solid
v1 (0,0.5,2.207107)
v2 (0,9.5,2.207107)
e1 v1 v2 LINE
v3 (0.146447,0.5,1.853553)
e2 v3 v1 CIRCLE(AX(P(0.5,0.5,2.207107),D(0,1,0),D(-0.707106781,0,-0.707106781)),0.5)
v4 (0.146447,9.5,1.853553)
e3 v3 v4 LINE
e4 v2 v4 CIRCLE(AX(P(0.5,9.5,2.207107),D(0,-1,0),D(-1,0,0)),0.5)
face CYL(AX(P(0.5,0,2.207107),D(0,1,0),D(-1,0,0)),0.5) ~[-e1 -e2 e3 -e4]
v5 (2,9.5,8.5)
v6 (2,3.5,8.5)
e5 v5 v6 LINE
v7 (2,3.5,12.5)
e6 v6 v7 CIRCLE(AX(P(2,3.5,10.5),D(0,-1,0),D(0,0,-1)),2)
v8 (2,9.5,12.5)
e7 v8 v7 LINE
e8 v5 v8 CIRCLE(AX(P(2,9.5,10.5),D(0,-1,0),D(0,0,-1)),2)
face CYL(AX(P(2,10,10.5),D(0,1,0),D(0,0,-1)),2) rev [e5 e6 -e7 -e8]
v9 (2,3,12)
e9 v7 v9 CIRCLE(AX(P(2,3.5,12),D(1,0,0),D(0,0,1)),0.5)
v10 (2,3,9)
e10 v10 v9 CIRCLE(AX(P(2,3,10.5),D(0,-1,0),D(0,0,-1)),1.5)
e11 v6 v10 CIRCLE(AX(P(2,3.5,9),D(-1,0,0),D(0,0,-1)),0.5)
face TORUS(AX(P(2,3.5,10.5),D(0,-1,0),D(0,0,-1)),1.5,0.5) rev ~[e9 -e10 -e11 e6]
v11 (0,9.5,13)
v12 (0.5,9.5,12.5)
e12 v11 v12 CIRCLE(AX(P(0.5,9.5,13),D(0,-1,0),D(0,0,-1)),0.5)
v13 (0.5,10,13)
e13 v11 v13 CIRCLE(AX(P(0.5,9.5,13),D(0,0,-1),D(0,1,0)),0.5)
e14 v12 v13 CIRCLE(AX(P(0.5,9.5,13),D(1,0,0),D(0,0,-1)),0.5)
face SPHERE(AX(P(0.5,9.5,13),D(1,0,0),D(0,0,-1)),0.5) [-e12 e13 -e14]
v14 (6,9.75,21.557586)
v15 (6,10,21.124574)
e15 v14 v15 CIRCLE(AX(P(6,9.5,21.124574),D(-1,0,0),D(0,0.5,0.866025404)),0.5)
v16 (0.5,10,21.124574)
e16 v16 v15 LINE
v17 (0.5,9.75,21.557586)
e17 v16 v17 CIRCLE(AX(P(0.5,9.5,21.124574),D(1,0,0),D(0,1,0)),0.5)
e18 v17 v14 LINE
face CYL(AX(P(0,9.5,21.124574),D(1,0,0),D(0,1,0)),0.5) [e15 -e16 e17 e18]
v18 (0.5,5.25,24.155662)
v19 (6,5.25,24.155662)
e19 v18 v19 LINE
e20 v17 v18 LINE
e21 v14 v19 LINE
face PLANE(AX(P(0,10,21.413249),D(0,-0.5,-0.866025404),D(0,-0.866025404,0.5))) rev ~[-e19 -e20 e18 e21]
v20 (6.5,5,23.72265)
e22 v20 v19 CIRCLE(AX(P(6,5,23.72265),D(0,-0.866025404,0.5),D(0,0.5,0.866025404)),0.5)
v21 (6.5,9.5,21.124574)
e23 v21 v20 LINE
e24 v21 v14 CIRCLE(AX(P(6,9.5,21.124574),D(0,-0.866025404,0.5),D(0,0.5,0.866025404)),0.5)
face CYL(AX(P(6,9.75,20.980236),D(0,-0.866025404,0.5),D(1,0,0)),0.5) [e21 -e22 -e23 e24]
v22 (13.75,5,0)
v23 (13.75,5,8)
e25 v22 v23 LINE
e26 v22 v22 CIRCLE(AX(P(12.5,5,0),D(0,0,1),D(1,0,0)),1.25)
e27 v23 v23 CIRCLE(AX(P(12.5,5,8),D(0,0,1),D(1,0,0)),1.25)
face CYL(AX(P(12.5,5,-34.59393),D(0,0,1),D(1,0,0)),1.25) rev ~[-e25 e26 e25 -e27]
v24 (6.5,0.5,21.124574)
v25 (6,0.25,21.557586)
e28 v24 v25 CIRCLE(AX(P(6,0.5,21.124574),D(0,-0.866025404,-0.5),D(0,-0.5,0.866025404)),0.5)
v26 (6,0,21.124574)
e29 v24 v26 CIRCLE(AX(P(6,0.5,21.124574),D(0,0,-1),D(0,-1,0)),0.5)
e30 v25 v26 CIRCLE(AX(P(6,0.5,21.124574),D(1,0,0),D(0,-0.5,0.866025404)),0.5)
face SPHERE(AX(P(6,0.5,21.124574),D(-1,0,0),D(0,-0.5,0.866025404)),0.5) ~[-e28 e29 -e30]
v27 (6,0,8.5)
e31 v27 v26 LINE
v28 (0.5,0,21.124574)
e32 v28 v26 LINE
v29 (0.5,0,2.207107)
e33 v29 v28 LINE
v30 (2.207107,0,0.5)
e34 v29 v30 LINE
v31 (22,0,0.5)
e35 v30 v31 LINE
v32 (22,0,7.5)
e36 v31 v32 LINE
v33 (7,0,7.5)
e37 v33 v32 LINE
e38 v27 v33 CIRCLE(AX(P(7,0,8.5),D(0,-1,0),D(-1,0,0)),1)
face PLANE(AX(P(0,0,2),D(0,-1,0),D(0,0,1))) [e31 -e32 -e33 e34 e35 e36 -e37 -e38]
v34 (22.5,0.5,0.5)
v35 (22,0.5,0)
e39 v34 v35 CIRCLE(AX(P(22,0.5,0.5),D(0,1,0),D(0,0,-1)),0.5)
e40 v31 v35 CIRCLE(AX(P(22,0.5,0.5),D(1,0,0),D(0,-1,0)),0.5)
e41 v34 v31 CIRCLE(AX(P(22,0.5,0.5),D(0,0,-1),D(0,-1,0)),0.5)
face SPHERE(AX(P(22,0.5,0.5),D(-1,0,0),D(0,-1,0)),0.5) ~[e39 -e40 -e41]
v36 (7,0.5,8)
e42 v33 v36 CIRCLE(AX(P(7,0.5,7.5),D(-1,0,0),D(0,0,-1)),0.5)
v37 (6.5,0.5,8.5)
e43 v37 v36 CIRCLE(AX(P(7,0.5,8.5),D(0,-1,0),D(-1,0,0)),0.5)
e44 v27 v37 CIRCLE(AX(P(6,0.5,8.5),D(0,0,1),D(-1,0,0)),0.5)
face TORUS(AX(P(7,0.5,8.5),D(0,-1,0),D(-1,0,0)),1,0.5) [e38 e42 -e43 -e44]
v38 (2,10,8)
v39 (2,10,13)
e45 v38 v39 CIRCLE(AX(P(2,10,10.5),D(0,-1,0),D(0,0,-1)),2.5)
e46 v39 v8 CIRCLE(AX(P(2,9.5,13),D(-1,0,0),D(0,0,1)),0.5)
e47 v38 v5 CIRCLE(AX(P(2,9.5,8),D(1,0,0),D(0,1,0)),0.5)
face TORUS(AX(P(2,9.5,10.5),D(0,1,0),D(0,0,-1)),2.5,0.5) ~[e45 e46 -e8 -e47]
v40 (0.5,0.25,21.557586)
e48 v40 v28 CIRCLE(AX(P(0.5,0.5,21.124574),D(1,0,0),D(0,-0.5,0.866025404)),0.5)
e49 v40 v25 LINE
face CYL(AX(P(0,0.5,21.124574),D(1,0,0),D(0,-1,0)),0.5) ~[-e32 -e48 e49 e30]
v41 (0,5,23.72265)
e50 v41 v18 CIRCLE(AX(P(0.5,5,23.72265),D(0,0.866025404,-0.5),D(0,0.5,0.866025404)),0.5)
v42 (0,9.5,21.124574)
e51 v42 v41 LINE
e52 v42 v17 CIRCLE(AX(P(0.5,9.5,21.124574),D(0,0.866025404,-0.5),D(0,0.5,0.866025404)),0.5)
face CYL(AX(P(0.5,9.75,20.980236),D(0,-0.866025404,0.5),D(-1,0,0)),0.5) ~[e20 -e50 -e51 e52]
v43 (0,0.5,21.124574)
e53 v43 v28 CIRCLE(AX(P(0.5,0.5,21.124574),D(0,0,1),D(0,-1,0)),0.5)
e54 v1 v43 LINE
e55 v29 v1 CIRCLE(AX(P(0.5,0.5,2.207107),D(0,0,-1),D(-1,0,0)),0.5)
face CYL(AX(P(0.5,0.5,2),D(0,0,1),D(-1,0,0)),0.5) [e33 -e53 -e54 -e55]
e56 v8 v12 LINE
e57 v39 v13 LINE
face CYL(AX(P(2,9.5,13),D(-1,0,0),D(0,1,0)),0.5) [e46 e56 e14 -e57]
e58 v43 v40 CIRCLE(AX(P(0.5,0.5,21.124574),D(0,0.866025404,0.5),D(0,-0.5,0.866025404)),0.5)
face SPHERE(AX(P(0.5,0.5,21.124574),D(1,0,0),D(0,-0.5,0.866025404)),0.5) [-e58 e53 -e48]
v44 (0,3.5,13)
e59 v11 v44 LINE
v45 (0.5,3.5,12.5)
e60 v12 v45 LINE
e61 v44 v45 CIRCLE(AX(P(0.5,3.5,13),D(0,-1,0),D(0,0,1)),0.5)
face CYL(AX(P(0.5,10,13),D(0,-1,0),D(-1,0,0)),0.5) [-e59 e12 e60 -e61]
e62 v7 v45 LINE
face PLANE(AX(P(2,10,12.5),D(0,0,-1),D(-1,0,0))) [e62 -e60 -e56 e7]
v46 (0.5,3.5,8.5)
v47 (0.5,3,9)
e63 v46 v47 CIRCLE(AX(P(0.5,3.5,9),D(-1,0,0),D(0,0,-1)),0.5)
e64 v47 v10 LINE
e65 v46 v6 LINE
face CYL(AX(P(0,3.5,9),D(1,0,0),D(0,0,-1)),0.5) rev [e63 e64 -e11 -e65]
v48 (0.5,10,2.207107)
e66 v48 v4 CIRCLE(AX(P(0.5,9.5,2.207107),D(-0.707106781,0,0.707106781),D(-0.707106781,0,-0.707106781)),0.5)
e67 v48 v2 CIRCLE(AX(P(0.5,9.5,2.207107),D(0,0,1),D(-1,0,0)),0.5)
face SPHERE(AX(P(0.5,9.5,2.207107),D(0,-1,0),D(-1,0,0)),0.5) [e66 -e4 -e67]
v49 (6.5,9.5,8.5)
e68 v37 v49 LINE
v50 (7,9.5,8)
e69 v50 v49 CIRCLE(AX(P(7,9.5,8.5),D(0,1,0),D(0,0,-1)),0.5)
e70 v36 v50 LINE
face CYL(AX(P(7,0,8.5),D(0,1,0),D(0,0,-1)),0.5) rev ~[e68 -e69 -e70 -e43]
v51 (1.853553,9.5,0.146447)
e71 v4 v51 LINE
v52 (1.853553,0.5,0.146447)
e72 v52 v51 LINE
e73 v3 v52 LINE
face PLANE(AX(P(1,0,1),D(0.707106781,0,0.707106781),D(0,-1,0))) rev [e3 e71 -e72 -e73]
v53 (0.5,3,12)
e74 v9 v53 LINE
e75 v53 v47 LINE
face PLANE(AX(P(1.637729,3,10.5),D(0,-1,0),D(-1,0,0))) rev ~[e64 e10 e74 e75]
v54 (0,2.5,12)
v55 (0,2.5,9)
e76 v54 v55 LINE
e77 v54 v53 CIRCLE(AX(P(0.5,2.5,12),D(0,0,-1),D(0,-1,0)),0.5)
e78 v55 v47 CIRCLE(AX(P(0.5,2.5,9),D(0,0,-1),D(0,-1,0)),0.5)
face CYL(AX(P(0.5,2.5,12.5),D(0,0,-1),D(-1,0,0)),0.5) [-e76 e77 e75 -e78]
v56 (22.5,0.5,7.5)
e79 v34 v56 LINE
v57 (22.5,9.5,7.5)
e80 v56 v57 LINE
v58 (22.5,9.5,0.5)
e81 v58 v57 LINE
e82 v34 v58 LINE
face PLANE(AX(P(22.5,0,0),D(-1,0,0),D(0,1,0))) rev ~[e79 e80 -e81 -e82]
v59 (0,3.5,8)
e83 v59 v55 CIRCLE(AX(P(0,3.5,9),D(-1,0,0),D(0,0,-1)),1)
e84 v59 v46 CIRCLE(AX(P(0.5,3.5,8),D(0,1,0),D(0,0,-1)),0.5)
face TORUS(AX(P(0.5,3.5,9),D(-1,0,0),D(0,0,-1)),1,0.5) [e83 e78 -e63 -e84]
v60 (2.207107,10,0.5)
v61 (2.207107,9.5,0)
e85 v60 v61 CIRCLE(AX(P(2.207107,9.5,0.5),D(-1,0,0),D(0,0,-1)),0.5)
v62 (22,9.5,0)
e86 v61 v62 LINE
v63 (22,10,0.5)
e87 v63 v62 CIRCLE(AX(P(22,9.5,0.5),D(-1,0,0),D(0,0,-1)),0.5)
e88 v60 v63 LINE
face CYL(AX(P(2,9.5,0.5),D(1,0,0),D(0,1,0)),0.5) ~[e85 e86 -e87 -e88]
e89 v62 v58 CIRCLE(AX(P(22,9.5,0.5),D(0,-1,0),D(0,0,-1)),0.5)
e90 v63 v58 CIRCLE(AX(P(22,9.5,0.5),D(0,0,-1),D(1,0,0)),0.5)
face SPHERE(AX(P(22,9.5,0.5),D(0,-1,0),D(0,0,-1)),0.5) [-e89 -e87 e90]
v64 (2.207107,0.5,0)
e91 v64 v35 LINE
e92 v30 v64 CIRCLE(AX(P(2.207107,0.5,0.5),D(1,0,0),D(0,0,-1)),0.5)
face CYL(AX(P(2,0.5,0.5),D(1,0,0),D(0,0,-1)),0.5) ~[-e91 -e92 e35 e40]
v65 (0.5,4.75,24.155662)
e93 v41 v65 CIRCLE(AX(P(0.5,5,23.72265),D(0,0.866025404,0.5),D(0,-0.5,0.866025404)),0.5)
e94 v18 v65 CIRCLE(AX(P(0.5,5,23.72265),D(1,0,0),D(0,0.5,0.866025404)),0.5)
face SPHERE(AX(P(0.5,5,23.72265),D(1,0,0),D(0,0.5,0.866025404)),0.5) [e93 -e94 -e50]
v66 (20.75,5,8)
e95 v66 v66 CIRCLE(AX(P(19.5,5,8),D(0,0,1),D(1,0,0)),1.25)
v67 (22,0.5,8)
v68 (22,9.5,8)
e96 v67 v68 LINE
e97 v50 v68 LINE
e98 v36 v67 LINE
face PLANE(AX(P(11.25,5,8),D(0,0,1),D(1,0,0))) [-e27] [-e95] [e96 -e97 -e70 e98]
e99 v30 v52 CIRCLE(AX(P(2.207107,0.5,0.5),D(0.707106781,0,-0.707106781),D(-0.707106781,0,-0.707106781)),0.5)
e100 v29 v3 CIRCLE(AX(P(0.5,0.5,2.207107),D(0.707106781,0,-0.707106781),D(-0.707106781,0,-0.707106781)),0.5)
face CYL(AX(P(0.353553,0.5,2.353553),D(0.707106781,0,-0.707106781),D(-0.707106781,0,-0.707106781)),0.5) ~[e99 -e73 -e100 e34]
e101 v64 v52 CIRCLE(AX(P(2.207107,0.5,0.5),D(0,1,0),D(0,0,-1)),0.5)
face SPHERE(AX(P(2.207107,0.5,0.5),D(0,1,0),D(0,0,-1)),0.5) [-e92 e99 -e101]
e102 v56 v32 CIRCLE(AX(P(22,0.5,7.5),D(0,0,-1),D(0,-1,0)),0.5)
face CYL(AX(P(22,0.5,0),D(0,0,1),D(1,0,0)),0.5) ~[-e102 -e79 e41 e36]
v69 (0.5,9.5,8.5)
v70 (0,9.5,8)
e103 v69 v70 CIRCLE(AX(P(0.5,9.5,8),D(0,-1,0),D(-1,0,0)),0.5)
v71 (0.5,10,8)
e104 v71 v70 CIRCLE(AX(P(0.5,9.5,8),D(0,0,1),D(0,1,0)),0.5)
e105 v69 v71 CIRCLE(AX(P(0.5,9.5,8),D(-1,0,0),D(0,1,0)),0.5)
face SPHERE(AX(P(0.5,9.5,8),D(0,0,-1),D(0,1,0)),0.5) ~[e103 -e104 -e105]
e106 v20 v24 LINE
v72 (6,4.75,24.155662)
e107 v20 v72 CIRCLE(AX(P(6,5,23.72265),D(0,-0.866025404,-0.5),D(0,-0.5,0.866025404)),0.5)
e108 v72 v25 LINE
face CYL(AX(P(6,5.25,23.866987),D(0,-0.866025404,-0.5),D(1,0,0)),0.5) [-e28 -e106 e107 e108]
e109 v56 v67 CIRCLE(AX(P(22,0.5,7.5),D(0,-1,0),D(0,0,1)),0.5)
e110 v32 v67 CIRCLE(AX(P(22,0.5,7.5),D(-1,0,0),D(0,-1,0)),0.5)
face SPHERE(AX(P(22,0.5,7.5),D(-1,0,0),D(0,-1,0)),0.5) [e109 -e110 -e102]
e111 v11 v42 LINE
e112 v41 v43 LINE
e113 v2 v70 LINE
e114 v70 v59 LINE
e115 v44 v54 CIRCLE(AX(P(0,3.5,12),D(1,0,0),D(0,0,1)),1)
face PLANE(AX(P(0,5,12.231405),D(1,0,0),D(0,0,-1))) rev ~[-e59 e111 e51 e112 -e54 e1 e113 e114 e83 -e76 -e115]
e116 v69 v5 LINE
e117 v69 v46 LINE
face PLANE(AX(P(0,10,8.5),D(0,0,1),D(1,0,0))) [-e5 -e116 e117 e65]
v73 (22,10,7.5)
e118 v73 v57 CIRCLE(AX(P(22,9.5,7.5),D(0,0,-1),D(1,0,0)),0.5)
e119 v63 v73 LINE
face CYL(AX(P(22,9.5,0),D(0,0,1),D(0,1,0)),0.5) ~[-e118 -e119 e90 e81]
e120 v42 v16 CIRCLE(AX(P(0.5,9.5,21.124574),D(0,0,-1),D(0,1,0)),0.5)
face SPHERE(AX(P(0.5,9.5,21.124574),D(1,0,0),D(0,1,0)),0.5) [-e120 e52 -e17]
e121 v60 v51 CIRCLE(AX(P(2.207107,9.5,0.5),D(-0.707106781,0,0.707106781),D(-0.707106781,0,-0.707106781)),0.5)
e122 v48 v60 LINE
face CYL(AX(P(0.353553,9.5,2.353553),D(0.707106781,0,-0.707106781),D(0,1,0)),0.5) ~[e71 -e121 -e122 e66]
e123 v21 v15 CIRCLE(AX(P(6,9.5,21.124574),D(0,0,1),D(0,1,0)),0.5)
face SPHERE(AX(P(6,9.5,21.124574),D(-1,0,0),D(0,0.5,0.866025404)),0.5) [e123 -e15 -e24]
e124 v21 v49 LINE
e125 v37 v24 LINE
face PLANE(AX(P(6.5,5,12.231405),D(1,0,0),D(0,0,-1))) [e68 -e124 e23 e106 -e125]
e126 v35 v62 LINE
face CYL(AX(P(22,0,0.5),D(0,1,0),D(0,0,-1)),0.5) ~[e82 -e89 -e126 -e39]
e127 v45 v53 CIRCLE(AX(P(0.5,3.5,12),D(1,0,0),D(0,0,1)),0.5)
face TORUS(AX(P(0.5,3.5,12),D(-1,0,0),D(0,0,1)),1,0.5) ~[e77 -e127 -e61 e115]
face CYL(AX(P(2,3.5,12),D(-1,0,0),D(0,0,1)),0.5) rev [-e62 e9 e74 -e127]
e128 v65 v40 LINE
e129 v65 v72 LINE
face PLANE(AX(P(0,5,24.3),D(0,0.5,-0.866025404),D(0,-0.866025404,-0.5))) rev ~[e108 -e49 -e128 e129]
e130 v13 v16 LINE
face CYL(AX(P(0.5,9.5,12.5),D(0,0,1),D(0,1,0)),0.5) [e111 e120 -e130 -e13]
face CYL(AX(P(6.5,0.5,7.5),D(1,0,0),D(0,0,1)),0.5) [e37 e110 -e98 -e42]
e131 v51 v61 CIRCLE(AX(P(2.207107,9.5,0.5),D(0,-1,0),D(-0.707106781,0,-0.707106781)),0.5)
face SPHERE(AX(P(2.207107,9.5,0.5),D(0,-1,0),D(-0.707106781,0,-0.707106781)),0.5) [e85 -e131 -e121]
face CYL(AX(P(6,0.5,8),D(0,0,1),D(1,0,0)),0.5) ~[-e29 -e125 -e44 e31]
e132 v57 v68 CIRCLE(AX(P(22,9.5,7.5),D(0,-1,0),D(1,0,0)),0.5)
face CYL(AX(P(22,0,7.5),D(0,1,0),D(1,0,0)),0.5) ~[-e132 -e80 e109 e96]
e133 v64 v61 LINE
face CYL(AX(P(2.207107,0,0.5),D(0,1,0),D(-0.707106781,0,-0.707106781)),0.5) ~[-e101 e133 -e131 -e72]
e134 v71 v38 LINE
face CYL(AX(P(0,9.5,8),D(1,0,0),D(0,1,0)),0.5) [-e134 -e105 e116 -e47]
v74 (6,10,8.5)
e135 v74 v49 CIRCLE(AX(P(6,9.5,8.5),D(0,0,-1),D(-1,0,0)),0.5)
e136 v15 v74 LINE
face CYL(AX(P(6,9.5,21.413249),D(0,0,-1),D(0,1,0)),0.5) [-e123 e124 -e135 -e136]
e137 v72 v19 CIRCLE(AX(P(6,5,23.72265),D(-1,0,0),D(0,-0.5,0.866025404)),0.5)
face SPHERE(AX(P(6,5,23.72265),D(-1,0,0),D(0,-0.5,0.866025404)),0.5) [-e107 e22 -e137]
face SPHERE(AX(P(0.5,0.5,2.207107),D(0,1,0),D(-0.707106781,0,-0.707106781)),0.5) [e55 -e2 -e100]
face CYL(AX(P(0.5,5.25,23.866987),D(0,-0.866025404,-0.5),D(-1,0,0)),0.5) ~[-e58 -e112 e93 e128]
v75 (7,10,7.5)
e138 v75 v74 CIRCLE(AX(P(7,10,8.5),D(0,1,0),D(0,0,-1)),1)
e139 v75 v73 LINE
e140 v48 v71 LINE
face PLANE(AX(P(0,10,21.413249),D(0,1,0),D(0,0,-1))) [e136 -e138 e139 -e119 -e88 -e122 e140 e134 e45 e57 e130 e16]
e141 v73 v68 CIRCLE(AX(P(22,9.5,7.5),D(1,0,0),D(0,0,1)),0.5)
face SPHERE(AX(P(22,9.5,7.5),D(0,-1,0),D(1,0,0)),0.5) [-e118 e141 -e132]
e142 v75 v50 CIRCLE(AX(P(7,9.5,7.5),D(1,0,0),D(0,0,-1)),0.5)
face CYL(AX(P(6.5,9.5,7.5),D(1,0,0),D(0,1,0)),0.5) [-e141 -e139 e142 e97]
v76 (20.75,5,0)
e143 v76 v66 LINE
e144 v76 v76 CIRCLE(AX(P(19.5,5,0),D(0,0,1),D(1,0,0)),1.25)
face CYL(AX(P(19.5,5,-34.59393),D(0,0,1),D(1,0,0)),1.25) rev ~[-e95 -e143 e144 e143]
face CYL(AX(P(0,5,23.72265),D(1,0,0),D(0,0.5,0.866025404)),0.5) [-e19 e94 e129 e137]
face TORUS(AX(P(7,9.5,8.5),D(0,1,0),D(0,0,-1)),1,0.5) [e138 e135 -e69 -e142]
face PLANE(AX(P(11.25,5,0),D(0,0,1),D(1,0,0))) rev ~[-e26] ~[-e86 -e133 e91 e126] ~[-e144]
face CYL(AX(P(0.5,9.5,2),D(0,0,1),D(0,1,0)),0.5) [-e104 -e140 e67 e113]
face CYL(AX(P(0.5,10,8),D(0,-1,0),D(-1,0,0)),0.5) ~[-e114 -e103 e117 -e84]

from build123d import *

# Parameters (mm, degrees)
ESQUISSE1_W             = 22.5
ESQUISSE1_H             = 10
BOSS_EXTRU_1_DEPTH      = 8
CHANFREIN1_SIZE         = 2
BOSS_EXTRU_3_DEPTH      = 6.5
ENL_V_MAT_EXTRU_1_DEPTH = 7
TROU_TARAUD_M33_D       = 2.5
CONG_1_R                = 0.5


with BuildPart() as part:
    # Esquisse1 → Boss.-Extru.1 (new body)
    with BuildSketch(Plane.XY):
        with Locations((11.25, 5)):
            Rectangle(ESQUISSE1_W, ESQUISSE1_H)
    extrude(amount=BOSS_EXTRU_1_DEPTH)

    # Chanfrein1
    chanfrein1_edges = [part.edges().sort_by_distance(p)[0] for p in [
        (0, 5, 0),
    ]]
    chamfer(chanfrein1_edges, length=CHANFREIN1_SIZE)

    # Esquisse3 → Boss.-Extru.3 (add)
    with BuildSketch(Plane.ZY):
        Polygon((8, 10), (21.413248654, 10), (24.3, 5), (21.413248654, 0), (8, 0), (2, 0), (2, 10), align=None)
    extrude(amount=-BOSS_EXTRU_3_DEPTH)

    # Esquisse4 → Enlèv. mat.-Extru.1 (cut)
    with BuildSketch(Plane(origin=(0, 10, 0), x_dir=(1, 0, 0), z_dir=(0, 1, 0))):
        with BuildLine():
            Line((0, -8.5), (2, -8.5))
            ThreePointArc((2, -8.5), (4, -10.5), (2, -12.5))
            Line((2, -12.5), (0, -12.5))
            Line((0, -12.5), (0, -8.5))
        make_face()
    extrude(amount=-ENL_V_MAT_EXTRU_1_DEPTH, mode=Mode.SUBTRACT)

    # Trou taraudé M33 (through all)
    with Locations(Plane(origin=(19.5, 5, 0), x_dir=(-1, 0, 0), z_dir=(0, 0, -1))):
        with Locations((0, 0), (7, 0)):
            Hole(TROU_TARAUD_M33_D / 2)

    # Congé1
    cong_1_edges = [part.edges().sort_by_distance(p)[0] for p in [
        (0, 10, 5.25),
        (3.25, 5, 24.3),
        (3.25, 0, 21.413248654),
        (14.5, 0, 8),
        (12.25, 0, 0),
        (1, 0, 1),
        (2, 5, 0),
        (1, 3, 8.5),
        (4, 3, 10.5),
        (1, 3, 12.5),
        (22.5, 0, 4),
        (22.5, 5, 8),
        (22.5, 5, 0),
        (6.5, 2.5, 22.856624327),
        (6.5, 7.5, 22.856624327),
        (6.5, 5, 8),
        (6.5, 0, 14.706624327),
        (1, 10, 1),
        (12.25, 10, 0),
        (22.5, 10, 4),
        (14.5, 10, 8),
        (6.5, 10, 14.706624327),
        (3.25, 10, 21.413248654),
        (1, 10, 12.5),
        (4, 10, 10.5),
        (1, 10, 8.5),
        (0, 6.5, 12.5),
        (0, 10, 16.956624327),
        (0, 7.5, 22.856624327),
        (0, 2.5, 22.856624327),
        (0, 0, 11.706624327),
        (0, 5, 2),
        (0, 6.5, 8.5),
        (0, 3, 10.5),
    ]]
    fillet(cong_1_edges, radius=CONG_1_R)


solid = part.part
